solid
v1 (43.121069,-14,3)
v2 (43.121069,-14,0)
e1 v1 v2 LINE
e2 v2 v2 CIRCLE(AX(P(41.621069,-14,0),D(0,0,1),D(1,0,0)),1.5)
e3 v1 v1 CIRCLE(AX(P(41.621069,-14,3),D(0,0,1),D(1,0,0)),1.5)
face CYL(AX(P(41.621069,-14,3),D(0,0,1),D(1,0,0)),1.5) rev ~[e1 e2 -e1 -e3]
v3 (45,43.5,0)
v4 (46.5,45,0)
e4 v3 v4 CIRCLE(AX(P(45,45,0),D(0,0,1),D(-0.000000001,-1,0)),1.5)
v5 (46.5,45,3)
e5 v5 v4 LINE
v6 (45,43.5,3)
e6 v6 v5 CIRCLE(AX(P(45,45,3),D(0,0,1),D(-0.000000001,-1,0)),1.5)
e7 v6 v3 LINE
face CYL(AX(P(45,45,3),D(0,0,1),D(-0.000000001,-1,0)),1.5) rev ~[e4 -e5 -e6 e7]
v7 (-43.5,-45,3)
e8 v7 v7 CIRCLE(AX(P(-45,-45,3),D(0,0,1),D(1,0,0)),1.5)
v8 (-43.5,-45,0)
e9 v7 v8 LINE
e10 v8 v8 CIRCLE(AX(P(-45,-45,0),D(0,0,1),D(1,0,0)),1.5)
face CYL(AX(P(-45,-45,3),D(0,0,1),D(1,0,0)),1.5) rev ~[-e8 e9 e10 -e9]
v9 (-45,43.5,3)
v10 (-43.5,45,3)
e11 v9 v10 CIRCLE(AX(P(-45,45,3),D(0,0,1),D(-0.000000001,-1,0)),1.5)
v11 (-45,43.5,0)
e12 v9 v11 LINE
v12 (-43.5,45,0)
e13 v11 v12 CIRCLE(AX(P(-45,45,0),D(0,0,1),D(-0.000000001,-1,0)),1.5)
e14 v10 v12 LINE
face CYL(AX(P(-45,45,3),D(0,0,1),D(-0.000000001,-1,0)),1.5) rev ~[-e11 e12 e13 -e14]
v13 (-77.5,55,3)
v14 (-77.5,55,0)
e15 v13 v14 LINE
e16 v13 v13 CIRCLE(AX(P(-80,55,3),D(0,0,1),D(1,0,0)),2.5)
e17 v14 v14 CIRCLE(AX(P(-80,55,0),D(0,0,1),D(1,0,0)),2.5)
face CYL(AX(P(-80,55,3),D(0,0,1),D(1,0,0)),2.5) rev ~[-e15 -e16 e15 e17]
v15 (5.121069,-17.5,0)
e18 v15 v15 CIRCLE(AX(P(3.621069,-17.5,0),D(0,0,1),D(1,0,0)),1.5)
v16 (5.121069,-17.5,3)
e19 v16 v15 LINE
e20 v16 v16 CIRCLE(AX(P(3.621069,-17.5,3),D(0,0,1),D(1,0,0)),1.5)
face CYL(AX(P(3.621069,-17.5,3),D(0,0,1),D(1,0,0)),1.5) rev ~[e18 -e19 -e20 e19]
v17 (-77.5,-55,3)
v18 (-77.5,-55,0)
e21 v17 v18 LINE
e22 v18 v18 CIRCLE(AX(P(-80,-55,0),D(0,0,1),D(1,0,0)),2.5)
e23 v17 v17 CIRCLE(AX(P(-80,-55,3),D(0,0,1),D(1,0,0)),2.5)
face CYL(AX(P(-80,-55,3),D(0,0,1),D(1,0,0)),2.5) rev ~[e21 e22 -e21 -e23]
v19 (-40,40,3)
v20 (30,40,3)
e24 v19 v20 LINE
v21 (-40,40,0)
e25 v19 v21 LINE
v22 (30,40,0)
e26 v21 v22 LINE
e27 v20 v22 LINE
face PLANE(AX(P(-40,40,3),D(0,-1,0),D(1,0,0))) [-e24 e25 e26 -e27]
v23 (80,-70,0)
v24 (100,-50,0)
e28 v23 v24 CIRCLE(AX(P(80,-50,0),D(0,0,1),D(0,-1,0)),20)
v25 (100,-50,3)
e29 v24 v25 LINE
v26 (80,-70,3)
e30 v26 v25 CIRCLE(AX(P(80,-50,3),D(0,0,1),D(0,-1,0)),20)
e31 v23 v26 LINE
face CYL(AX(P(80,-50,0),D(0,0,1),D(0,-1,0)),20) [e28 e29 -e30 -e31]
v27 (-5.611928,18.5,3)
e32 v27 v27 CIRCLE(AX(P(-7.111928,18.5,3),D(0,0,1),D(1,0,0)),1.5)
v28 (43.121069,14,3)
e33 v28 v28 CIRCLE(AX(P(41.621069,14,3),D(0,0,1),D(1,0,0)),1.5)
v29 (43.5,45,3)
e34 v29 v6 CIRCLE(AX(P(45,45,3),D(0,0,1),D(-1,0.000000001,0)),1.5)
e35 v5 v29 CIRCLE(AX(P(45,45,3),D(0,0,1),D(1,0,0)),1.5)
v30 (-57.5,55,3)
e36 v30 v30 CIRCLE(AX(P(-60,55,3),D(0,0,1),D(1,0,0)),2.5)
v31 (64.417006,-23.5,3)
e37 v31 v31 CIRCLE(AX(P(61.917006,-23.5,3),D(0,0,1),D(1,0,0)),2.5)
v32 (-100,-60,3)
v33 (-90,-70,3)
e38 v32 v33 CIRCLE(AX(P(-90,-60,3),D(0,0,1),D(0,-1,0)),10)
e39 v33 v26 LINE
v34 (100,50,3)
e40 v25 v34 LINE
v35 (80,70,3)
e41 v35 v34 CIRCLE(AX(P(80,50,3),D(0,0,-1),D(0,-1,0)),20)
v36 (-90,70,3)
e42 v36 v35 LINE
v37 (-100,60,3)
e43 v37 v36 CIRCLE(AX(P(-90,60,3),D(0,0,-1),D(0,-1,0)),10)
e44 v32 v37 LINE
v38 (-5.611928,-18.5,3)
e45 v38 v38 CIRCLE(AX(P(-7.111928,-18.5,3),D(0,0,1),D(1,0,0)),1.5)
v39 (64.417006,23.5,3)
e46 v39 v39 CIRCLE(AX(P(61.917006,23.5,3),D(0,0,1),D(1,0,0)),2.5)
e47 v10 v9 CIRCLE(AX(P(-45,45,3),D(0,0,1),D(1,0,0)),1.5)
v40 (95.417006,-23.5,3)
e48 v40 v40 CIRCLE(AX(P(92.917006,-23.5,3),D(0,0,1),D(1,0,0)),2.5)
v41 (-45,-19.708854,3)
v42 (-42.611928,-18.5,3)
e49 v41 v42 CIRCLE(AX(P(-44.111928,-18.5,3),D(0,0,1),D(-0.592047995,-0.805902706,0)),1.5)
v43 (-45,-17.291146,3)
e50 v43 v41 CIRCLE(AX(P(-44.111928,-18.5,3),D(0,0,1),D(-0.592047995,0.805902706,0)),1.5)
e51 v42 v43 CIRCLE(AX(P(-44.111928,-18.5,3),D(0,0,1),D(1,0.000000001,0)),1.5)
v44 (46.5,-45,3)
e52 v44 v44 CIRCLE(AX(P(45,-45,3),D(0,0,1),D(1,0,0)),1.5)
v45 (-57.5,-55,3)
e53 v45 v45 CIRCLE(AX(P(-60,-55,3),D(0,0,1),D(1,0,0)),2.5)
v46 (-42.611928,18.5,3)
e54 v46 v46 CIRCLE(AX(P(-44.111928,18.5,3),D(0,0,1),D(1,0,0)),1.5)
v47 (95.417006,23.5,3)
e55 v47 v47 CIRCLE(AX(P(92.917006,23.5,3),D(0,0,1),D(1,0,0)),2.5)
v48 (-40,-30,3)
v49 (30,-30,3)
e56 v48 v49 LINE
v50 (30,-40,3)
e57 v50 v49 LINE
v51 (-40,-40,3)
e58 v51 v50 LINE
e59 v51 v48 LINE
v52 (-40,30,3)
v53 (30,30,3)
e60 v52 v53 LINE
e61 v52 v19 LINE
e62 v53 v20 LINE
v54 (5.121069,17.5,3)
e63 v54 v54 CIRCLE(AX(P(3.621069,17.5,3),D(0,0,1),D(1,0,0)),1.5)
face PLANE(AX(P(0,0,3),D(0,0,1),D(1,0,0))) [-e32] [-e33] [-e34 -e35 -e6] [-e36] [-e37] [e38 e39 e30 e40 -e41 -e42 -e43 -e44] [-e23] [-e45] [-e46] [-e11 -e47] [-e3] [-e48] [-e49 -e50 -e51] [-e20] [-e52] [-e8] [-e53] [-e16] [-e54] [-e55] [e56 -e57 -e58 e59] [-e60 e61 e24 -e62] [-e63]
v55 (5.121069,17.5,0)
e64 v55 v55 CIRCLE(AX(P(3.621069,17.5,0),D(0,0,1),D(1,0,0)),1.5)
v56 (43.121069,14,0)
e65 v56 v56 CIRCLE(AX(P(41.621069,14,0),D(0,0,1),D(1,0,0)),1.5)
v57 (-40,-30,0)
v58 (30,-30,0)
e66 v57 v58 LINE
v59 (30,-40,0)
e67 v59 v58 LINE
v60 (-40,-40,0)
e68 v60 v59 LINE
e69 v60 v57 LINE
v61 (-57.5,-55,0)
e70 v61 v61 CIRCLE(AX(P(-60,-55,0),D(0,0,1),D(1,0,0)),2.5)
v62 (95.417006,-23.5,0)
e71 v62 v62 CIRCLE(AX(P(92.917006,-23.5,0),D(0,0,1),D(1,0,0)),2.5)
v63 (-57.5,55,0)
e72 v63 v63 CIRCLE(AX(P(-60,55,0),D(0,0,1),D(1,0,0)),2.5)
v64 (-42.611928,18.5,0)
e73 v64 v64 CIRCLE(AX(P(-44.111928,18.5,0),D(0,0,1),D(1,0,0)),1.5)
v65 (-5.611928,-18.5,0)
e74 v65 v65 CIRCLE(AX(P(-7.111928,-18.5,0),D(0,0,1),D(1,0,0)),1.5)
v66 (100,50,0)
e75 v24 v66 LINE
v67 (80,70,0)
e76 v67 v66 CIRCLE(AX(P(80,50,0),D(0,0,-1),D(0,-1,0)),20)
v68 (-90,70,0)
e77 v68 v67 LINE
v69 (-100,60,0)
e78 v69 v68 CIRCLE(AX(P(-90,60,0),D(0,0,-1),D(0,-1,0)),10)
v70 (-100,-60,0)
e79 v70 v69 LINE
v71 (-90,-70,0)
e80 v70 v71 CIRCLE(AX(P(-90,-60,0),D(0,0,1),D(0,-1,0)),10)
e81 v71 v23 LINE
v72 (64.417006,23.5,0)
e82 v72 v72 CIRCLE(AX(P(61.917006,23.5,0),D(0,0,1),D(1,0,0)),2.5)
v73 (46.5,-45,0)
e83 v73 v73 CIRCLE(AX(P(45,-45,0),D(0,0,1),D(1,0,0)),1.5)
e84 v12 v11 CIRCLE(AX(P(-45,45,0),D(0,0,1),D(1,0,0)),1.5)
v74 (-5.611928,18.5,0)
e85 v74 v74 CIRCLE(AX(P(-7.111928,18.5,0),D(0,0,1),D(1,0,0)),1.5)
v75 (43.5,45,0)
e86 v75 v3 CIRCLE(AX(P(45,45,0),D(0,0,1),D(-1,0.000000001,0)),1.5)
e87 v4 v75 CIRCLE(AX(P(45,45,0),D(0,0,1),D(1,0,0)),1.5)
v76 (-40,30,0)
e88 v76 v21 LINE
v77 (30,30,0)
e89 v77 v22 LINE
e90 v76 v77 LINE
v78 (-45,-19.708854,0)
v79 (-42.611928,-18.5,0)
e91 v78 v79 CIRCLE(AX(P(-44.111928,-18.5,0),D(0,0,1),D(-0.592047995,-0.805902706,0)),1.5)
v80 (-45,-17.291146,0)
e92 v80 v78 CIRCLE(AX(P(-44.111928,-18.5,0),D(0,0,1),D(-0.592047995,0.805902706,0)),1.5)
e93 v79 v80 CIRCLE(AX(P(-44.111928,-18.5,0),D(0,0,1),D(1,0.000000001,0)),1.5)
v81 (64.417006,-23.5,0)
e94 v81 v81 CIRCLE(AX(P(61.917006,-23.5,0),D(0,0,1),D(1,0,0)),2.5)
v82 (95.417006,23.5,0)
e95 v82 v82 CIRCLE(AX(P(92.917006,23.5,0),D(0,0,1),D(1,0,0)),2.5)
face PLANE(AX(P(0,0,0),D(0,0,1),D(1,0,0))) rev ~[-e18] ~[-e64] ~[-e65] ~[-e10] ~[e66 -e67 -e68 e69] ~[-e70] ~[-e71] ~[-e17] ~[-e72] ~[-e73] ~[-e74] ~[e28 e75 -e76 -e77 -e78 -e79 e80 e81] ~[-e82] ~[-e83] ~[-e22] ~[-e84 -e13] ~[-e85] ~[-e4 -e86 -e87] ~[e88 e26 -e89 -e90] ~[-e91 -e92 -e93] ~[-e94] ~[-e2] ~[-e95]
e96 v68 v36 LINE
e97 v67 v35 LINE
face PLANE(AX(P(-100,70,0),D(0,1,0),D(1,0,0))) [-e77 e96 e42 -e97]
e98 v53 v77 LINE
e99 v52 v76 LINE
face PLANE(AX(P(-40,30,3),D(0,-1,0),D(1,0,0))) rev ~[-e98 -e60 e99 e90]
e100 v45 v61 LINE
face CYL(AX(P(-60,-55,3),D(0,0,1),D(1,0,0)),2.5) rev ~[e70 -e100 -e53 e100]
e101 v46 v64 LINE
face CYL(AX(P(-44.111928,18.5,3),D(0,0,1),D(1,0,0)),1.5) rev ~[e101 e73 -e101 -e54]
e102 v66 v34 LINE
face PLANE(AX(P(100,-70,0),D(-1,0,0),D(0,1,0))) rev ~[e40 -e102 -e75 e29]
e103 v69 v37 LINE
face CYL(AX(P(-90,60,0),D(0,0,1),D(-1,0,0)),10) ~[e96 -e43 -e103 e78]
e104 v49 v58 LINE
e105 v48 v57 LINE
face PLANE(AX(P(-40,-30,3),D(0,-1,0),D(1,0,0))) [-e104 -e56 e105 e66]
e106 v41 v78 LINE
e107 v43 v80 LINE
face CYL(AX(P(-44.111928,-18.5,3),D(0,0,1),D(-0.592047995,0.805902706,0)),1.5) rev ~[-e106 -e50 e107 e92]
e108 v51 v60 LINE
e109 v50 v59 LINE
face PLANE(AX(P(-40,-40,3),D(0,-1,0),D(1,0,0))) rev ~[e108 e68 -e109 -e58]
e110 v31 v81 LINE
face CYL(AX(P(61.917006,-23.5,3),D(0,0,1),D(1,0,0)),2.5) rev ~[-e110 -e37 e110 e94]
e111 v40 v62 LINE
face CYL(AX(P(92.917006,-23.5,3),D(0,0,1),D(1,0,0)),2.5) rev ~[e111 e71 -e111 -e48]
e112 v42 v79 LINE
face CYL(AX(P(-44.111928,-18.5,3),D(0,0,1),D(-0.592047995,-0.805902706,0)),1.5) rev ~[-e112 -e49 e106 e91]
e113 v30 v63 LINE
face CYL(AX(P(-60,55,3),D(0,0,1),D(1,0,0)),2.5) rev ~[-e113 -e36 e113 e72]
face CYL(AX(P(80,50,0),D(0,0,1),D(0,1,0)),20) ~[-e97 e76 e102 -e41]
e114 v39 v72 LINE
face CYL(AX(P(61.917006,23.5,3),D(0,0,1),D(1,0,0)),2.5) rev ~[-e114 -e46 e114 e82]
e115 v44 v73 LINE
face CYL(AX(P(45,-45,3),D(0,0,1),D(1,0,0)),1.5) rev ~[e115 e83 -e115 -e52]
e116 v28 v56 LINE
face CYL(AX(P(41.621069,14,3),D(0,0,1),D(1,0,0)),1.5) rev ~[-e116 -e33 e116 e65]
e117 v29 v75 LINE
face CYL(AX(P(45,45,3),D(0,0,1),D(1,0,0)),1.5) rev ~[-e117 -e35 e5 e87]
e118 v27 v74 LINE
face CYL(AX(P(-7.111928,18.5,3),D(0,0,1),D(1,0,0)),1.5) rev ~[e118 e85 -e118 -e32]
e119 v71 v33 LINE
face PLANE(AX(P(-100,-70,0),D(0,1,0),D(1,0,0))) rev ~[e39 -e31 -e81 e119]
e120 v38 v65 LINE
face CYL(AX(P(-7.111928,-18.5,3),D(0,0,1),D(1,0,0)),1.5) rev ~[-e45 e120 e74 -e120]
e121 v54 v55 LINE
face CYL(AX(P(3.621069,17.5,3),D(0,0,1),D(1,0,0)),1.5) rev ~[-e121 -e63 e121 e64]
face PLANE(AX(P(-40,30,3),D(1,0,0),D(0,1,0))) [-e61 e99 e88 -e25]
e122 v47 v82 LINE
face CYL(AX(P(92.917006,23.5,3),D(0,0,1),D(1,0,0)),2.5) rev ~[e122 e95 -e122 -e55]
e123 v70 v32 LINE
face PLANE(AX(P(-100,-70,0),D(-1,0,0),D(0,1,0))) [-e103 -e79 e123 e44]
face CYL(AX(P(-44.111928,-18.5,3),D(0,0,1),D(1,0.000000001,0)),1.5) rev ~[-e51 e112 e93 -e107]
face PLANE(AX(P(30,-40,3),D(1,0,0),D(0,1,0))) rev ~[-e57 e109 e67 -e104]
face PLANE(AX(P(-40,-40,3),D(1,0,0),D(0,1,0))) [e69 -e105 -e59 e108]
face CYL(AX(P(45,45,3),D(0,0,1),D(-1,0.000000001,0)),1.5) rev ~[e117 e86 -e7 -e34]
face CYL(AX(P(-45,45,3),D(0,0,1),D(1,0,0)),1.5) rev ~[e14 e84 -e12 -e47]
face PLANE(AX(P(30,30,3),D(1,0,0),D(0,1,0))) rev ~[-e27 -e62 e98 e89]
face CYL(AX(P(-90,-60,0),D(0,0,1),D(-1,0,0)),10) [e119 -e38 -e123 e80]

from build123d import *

# Parameters (mm, degrees)
SKETCH1_W           = 200
SKETCH1_H           = 140
BOSS_EXTRUDE1_DEPTH = 3
SKETCH2_R           = 1.5
SKETCH2_R_2         = 2.5
SKETCH2_W           = 70
SKETCH2_H           = 10
CUT_EXTRUDE1_DEPTH  = 3
FILLET1_R           = 10
FILLET2_R           = 20


with BuildPart() as part:
    # Sketch1 → Boss-Extrude1 (new body)
    with BuildSketch(Plane.XY):
        Rectangle(SKETCH1_W, SKETCH1_H)
    extrude(amount=BOSS_EXTRUDE1_DEPTH)

    # Sketch2 → Cut-Extrude1 (cut)
    with BuildSketch(Plane.XY.offset(3)):
        with Locations((3.621068531, -17.5)):
            Circle(SKETCH2_R)
        with Locations((41.621068531, 14)):
            Circle(SKETCH2_R)
        with Locations((-44.111928007, 18.5)):
            Circle(SKETCH2_R)
        with Locations((-7.111928007, 18.5)):
            Circle(SKETCH2_R)
        with Locations((-7.111928007, -18.5)):
            Circle(SKETCH2_R)
        with Locations((61.917005655, -23.5)):
            Circle(SKETCH2_R_2)
        with Locations((92.917005655, -23.5)):
            Circle(SKETCH2_R_2)
        with Locations((92.917005655, 23.5)):
            Circle(SKETCH2_R_2)
        with Locations((61.917005655, 23.5)):
            Circle(SKETCH2_R_2)
        with Locations((-60, 55)):
            Circle(SKETCH2_R_2)
        with Locations((-60, -55)):
            Circle(SKETCH2_R_2)
        with Locations((-80, -55)):
            Circle(SKETCH2_R_2)
        with BuildLine():
            ThreePointArc((46.5, 45), (45, 46.5), (43.5, 45))
            Line((43.5, 45), (45, 45))
            Line((45, 45), (45, 43.5))
            ThreePointArc((45, 43.5), (46.060660172, 43.939339828), (46.5, 45))
        make_face()
        with BuildLine():
            Line((45, 45), (43.5, 45))
            ThreePointArc((43.5, 45), (43.939339828, 43.939339828), (45, 43.5))
            Line((45, 43.5), (45, 45))
        make_face()
        with Locations((-5, 35)):
            Rectangle(SKETCH2_W, SKETCH2_H)
        with BuildLine():
            Line((-45, 43.5), (-45, 45))
            Line((-45, 45), (-43.5, 45))
            ThreePointArc((-43.5, 45), (-46.060660172, 46.060660172), (-45, 43.5))
        make_face()
        with BuildLine():
            Line((-43.5, 45), (-45, 45))
            Line((-45, 45), (-45, 43.5))
            ThreePointArc((-45, 43.5), (-43.939339828, 43.939339828), (-43.5, 45))
        make_face()
        with BuildLine():
            ThreePointArc((-42.611928007, -18.5), (-43.43447247, -17.161697346), (-45, -17.291145941))
            Line((-45, -17.291145941), (-45, -19.708854059))
            ThreePointArc((-45, -19.708854059), (-43.43447247, -19.838302654), (-42.611928007, -18.5))
        make_face()
        with BuildLine():
            Line((-45, -19.708854059), (-45, -17.291145941))
            ThreePointArc((-45, -17.291145941), (-45.611928007, -18.5), (-45, -19.708854059))
        make_face()
        with Locations((41.621068531, -14)):
            Circle(SKETCH2_R)
        with Locations((-80, 55)):
            Circle(SKETCH2_R_2)
        with Locations((-5, -35)):
            Rectangle(SKETCH2_W, SKETCH2_H)
        with Locations((45, -45)):
            Circle(SKETCH2_R)
        with Locations((-45, -45)):
            Circle(SKETCH2_R)
        with Locations((3.621068531, 17.5)):
            Circle(SKETCH2_R)
    extrude(amount=-CUT_EXTRUDE1_DEPTH, mode=Mode.SUBTRACT)

    # Fillet1
    fillet1_edges = [part.edges().sort_by_distance(p)[0] for p in [
        (-100, -70, 1.5),
        (-100, 70, 1.5),
    ]]
    fillet(fillet1_edges, radius=FILLET1_R)

    # Fillet2
    fillet2_edges = [part.edges().sort_by_distance(p)[0] for p in [
        (100, -70, 1.5),
        (100, 70, 1.5),
    ]]
    fillet(fillet2_edges, radius=FILLET2_R)


solid = part.part
